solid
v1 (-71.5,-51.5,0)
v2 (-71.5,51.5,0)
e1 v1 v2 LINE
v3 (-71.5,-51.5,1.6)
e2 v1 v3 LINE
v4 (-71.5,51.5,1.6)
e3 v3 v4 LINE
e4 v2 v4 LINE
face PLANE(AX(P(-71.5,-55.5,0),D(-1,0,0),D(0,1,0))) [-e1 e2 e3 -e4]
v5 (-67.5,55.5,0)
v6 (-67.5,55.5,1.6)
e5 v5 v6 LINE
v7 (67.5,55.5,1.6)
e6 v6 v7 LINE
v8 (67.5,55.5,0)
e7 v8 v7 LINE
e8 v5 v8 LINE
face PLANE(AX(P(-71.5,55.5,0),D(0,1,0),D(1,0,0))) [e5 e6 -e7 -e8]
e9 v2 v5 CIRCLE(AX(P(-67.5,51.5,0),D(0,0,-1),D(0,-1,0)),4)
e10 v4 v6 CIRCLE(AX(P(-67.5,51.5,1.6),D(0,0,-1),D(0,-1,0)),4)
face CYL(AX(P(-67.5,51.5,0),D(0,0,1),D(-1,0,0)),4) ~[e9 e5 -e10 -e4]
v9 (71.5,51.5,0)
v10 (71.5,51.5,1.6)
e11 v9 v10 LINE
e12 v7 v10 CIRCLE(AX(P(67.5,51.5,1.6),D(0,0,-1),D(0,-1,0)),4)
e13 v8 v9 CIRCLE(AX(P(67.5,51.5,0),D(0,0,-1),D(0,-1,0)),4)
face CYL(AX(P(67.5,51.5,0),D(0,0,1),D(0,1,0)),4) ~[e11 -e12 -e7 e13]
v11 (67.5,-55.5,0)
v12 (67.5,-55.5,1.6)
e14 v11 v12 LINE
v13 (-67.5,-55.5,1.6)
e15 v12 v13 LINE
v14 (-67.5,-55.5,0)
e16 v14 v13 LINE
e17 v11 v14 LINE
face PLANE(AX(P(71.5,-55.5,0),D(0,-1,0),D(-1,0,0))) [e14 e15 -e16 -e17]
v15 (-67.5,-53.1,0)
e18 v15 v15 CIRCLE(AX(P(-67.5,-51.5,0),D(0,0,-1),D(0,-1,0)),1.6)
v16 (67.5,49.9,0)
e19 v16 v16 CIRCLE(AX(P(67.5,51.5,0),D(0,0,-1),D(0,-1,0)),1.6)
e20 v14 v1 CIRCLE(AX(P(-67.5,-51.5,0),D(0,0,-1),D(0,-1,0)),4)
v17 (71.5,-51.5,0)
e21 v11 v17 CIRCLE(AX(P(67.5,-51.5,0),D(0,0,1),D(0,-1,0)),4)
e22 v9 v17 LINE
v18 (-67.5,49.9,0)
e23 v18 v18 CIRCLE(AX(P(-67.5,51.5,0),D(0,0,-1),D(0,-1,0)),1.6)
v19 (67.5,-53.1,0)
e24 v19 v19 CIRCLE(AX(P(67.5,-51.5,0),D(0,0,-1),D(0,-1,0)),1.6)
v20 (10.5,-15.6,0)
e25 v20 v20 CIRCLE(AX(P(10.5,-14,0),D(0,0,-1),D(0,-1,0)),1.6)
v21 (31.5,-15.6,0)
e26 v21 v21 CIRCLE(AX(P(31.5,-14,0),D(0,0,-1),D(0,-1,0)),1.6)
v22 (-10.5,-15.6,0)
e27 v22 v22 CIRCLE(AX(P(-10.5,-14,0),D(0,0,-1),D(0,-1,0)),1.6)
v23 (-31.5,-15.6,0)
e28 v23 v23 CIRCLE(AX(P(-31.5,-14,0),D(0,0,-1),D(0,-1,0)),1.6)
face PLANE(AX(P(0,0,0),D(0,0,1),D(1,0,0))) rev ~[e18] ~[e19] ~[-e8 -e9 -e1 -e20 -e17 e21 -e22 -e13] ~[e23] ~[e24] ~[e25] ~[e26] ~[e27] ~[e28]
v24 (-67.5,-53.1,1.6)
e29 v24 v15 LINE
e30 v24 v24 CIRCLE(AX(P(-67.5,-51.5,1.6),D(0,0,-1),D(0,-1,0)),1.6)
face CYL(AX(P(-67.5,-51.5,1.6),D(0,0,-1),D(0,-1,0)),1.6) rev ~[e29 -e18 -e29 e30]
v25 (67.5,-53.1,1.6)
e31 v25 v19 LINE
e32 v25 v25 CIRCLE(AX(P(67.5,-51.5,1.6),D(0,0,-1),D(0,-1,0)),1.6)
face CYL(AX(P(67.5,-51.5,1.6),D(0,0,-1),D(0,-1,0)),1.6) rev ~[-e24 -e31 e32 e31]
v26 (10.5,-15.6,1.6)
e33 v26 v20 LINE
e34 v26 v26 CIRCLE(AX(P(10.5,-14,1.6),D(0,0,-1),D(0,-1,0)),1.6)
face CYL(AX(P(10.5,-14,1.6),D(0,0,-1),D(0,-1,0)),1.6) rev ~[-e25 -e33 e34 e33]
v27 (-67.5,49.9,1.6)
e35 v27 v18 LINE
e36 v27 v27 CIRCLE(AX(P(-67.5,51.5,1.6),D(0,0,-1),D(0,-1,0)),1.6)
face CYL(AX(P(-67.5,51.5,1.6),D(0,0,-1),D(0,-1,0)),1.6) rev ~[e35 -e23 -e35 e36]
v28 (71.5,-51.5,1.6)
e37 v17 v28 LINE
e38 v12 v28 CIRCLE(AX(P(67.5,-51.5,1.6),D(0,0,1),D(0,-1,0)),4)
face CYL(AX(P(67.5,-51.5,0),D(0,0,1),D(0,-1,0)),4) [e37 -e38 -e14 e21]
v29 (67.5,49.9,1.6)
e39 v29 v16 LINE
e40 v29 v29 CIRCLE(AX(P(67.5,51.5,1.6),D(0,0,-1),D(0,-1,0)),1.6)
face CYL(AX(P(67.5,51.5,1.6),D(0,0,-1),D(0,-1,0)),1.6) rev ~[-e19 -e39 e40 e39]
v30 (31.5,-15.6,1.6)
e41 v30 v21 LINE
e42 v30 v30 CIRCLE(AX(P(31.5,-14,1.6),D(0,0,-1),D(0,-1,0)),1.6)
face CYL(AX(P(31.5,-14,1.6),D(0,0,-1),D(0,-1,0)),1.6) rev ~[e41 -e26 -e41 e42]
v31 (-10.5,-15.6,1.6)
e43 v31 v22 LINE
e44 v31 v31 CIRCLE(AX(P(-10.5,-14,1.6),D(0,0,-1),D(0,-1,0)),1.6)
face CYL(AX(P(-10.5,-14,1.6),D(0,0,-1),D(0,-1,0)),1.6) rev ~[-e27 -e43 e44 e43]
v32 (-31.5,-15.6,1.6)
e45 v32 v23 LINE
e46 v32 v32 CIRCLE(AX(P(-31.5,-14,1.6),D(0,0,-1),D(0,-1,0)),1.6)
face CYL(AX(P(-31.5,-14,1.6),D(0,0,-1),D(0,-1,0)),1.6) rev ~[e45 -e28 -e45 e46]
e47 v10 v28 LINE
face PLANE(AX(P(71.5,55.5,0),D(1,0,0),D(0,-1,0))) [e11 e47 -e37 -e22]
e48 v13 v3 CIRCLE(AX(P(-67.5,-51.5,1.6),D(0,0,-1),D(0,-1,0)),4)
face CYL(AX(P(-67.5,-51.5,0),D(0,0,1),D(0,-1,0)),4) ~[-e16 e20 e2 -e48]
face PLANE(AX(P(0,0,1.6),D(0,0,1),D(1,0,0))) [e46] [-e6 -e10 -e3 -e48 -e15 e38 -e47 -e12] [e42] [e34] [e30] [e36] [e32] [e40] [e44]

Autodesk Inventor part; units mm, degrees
ref_plane "YZ Plane" through (0, 0, 0) normal (1, 0, 0) x (0, 1, 0)
ref_plane "XZ Plane" through (0, 0, 0) normal (0, 1, 0) x (-1, 0, 0)
ref_plane "XY Plane" through (0, 0, 0) normal (0, 0, 1) x (1, 0, 0)
sketch "Sketch1" plane through (0, 0, 0) normal (0, 0, 1) x (1, 0, 0)
  line L0 (71.5, -55.5) -> (-71.5, -55.5)
  line L1 (-71.5, -55.5) -> (-71.5, 55.5)
  line L2 (-71.5, 55.5) -> (71.5, 55.5)
  line L3 (71.5, 55.5) -> (71.5, -55.5)
  line L4 (71.5, -55.5) -> (-71.5, 55.5) construction
  line L5 (-71.5, -55.5) -> (71.5, 55.5) construction
  point P0 (0, 0)
  dimension "d0" = 143
  dimension "d1" = 111
extrude "Extrusion1" add sketch "Sketch1" along normal blind 1.6
fillet "Fillet1" radius 4 4 edges at (71.5, 55.5, 0.8) (-71.5, 55.5, 0.8) (-71.5, -55.5, 0.8) (71.5, -55.5, 0.8)
sketch "Sketch2" plane through (0, 0, 1.6) normal (0, 0, 1) x (1, 0, 0)
  arc A0 (67.5, -55.5) -> (71.5, -51.5) centre (67.5, -51.5) ccw projected
  line L0 (71.5, -51.5) -> (71.5, 51.5) projected
  arc A1 (71.5, 51.5) -> (67.5, 55.5) centre (67.5, 51.5) ccw projected
  line L1 (67.5, 55.5) -> (-67.5, 55.5) projected
  arc A2 (-67.5, 55.5) -> (-71.5, 51.5) centre (-67.5, 51.5) ccw projected
  line L2 (-71.5, 51.5) -> (-71.5, -51.5) projected
  arc A3 (-71.5, -51.5) -> (-67.5, -55.5) centre (-67.5, -51.5) ccw projected
  line L3 (-67.5, -55.5) -> (67.5, -55.5) projected
  line L4 (-31.5, -14) -> (31.5, -14) construction
  line L5 (-10.5, -14) -> (10.5, -14) construction
  point P0 (0, 0)
  point P1 (0, -14)
  dimension "d9" = 21
  dimension "d17" = 21
  dimension "d18" = 41.5
hole "Hole1" at (-31.5, -14, 1.6) at (31.5, -14, 1.6) at (-10.5, -14, 1.6) at (10.5, -14, 1.6) at (-67.5, 51.5, 1.6) at (67.5, 51.5, 1.6) at (67.5, -51.5, 1.6) at (-67.5, -51.5, 1.6) direction (0, 0, -1) diameter 3.2 end through all
sketch "Sketch3" plane through (0, 0, 1.6) normal (0, 0, 1) x (1, 0, 0)
  line L0 (-67.5, -55.5) -> (67.5, -55.5) projected
  line L1 (-63, -20.5) -> (63, -20.5) construction
  point P0 (0, 0)
  point P1 (-42, -20.5)
  point P2 (-21, -20.5)
  point P3 (0, -20.5)
  point P4 (21, -20.5)
  point P5 (42, -20.5)
  dimension "d21" = 21
  dimension "d26" = 35
sketch "Sketch4" plane through (0, 0, 1.6) normal (0, 0, 1) x (1, 0, 0)
  circle A0 centre (63, -20.5) radius 8 projected
  circle A1 centre (42, -20.5) radius 8 projected
  circle A2 centre (21, -20.5) radius 8 projected
  circle A3 centre (0, -20.5) radius 8 projected
  circle A4 centre (-21, -20.5) radius 8 projected
  circle A5 centre (-42, -20.5) radius 8 projected
  circle A6 centre (-63, -20.5) radius 8 projected
  circle A7 centre (-67.5, -51.5) radius 1.6 projected
  circle A8 centre (67.5, -51.5) radius 1.6 projected
  circle A9 centre (67.5, 51.5) radius 1.6 projected
  circle A10 centre (-67.5, 51.5) radius 1.6 projected
  circle A11 centre (10.5, -14) radius 1.6 projected
  circle A12 centre (-10.5, -14) radius 1.6 projected
  circle A13 centre (31.5, -14) radius 1.6 projected
  circle A14 centre (-31.5, -14) radius 1.6 projected
  arc A15 (67.5, -55.5) -> (71.5, -51.5) centre (67.5, -51.5) ccw projected
  line L0 (71.5, -51.5) -> (71.5, 51.5) projected
  arc A16 (71.5, 51.5) -> (67.5, 55.5) centre (67.5, 51.5) ccw projected
  line L1 (67.5, 55.5) -> (-67.5, 55.5) projected
  arc A17 (-67.5, 55.5) -> (-71.5, 51.5) centre (-67.5, 51.5) ccw projected
  line L2 (-71.5, 51.5) -> (-71.5, -51.5) projected
  arc A18 (-71.5, -51.5) -> (-67.5, -55.5) centre (-67.5, -51.5) ccw projected
  line L3 (-67.5, -55.5) -> (67.5, -55.5) projected
  line L4 (-63, -7.5096) -> (-51.75, -14.0048)
  line L5 (-51.75, -14.0048) -> (-51.75, -26.9952)
  line L6 (-51.75, -26.9952) -> (-63, -33.4904)
  line L7 (-63, -33.4904) -> (-74.25, -26.9952)
  line L8 (-74.25, -26.9952) -> (-74.25, -14.0048)
  line L9 (-74.25, -14.0048) -> (-63, -7.5096)
  line L10 (63, -7.5096) -> (74.25, -14.0048)
  line L11 (74.25, -14.0048) -> (74.25, -26.9952)
  line L12 (74.25, -26.9952) -> (63, -33.4904)
  line L13 (63, -33.4904) -> (51.75, -26.9952)
  line L14 (51.75, -26.9952) -> (51.75, -14.0048)
  line L15 (51.75, -14.0048) -> (63, -7.5096)
  point P0 (0, 0)
  point P1 (71.5, -12.4171)
  point P2 (71.5, -28.5829)
  point P3 (-71.5, -28.5829)
  point P4 (-71.5, -12.4171)
  dimension "d34" = 22.5
  dimension "d35" = 22.5
sketch "Sketch5" plane through (0, 0, 1.6) normal (0, 0, 1) x (1, 0, 0)
  line L0 (-42, -6) -> (42, -6) construction
  line L1 (-67.5, -55.5) -> (67.5, -55.5) projected
  circle A0 centre (-42, -20.5) radius 8 projected
  circle A1 centre (-21, -20.5) radius 8 projected
  circle A2 centre (0, -20.5) radius 8 projected
  circle A3 centre (21, -20.5) radius 8 projected
  circle A4 centre (42, -20.5) radius 8 projected
  point P0 (0, 0)
  point P1 (0, -6)
  point P2 (0, -55.5)
  point P3 (-21, -6)
  point P4 (0, -6)
  point P5 (21, -6)
  dimension "d39" = 49.5
sketch "Sketch6" plane through (0, 0, 1.6) normal (0, 0, 1) x (1, 0, 0)
  line L0 (-67.5, -55.5) -> (67.5, -55.5) construction
  line L1 (-71.5, 51.5) -> (-71.5, -11.2624) construction
  point P0 (0, 0)
  point P1 (-68.5, 13.5)
  point P2 (-63.5, 13.5)
  point P3 (-58.5, 13.5)
  point P4 (-53.5, 13.5)
  dimension "d49" = 5
  dimension "d54" = 69
  dimension "d55" = 3
sketch "Sketch7" plane through (0, 0, 1.6) normal (0, 0, 1) x (1, 0, 0)
  circle A0 centre (-68.5, 13.5) radius 1.7 projected
  line L0 (-68.5, 18.1188) -> (-64.5, 15.8094)
  line L1 (-64.5, 15.8094) -> (-64.5, 11.1906)
  line L2 (-64.5, 11.1906) -> (-68.5, 8.8812)
  line L3 (-68.5, 8.8812) -> (-72.5, 11.1906)
  line L4 (-72.5, 11.1906) -> (-72.5, 15.8094)
  line L5 (-72.5, 15.8094) -> (-68.5, 18.1188)
  line L6 (-71.5, 51.5) -> (-71.5, -11.2624) projected
  point P0 (0, 0)
  point P1 (-71.5, 10.6132)
  point P2 (-71.5, 16.3868)
  dimension "d63" = 1
sketch "Sketch8" plane through (0, 0, 1.6) normal (0, 0, 1) x (1, 0, 0)
  line L0 (68.5, 21.1) -> (34.5, 21.1)
  line L1 (34.5, 21.1) -> (34.5, 40.1)
  line L2 (34.5, 40.1) -> (68.5, 40.1)
  line L3 (68.5, 40.1) -> (68.5, 21.1)
  line L4 (68.5, 21.1) -> (34.5, 40.1) construction
  line L5 (34.5, 21.1) -> (68.5, 40.1) construction
  line L6 (71.5, -11.2624) -> (71.5, 51.5) projected
  line L7 (-67.5, -55.5) -> (67.5, -55.5) projected
  point P0 (0, 0)
  point P1 (51.5, 30.6)
  dimension "d67" = 20
  dimension "d68" = 86.1
  dimension "d69" = 34
  dimension "d70" = 19
sketch "Sketch9" plane through (0, 0, 1.6) normal (0, 0, 1) x (1, 0, 0)
  line L0 (67.25, 14.25) -> (35.75, 14.25)
  line L1 (35.75, 14.25) -> (35.75, 43.95)
  line L2 (35.75, 43.95) -> (67.25, 43.95)
  line L3 (67.25, 43.95) -> (67.25, 14.25)
  line L4 (67.25, 14.25) -> (35.75, 43.95) construction
  line L5 (35.75, 14.25) -> (67.25, 43.95) construction
  line L6 (-67.5, -55.5) -> (67.5, -55.5) projected
  point P0 (0, 0)
  point P1 (51.5, 29.1)
  point P2 (51.5, 30.6)
  dimension "d74" = 31.5
  dimension "d75" = 29.7
  dimension "d76" = 69.75
sketch "Sketch10" plane through (0, 0, 1.6) normal (0, 0, 1) x (1, 0, 0)
  circle A0 centre (35.75, 14.25) radius 3 projected
  circle A1 centre (67.25, 14.25) radius 3 projected
  circle A2 centre (67.25, 43.95) radius 3 projected
  circle A3 centre (35.75, 43.95) radius 3 projected
  line L0 (34.5, 22.1) -> (34.5, 39.1) projected
  arc A4 (35.5, 40.1) -> (34.5, 39.1) centre (35.5, 39.1) ccw projected
  line L1 (35.5, 40.1) -> (67.5, 40.1) projected
  arc A5 (68.5, 39.1) -> (67.5, 40.1) centre (67.5, 39.1) ccw projected
  line L2 (68.5, 39.1) -> (68.5, 22.1) projected
  arc A6 (67.5, 21.1) -> (68.5, 22.1) centre (67.5, 22.1) ccw projected
  line L3 (67.5, 21.1) -> (35.5, 21.1) projected
  arc A7 (34.5, 22.1) -> (35.5, 21.1) centre (35.5, 22.1) ccw projected
  circle A8 centre (-53.5, 13.5) radius 1.7 projected
  circle A9 centre (-58.5, 13.5) radius 1.7 projected
  circle A10 centre (-63.5, 13.5) radius 1.7 projected
  circle A11 centre (-68.5, 13.5) radius 1.7 projected
  circle A12 centre (42, -6) radius 2.75 projected
  circle A13 centre (21, -6) radius 2.75 projected
  circle A14 centre (0, -6) radius 2.75 projected
  circle A15 centre (-21, -6) radius 2.75 projected
  circle A16 centre (-42, -6) radius 2.75 projected
  circle A17 centre (63, -20.5) radius 8 projected
  circle A18 centre (42, -20.5) radius 8 projected
  circle A19 centre (21, -20.5) radius 8 projected
  circle A20 centre (0, -20.5) radius 8 projected
  circle A21 centre (-21, -20.5) radius 8 projected
  circle A22 centre (-42, -20.5) radius 8 projected
  circle A23 centre (-63, -20.5) radius 8 projected
  circle A24 centre (-67.5, -51.5) radius 1.6 projected
  circle A25 centre (67.5, -51.5) radius 1.6 projected
  circle A26 centre (67.5, 51.5) radius 1.6 projected
  circle A27 centre (-67.5, 51.5) radius 1.6 projected
  circle A28 centre (10.5, -14) radius 1.6 projected
  circle A29 centre (-10.5, -14) radius 1.6 projected
  circle A30 centre (31.5, -14) radius 1.6 projected
  circle A31 centre (-31.5, -14) radius 1.6 projected
  arc A32 (-72.5, 11.6236) -> (-72.125, 10.9741) centre (-71.75, 11.6236) ccw projected
  line L4 (-72.125, 10.9741) -> (-71.875, 10.8298) projected
  arc A33 (-71.5, 10.1802) -> (-71.875, 10.8298) centre (-72.25, 10.1802) ccw projected
  line L5 (-71.5, 10.1802) -> (-71.5, -11.2624) projected
  arc A34 (-72.5, -12.9944) -> (-71.5, -11.2624) centre (-73.5, -11.2624) ccw projected
  line L6 (-72.5, -12.9944) -> (-73.25, -13.4275) projected
  arc A35 (-73.25, -13.4275) -> (-74.25, -15.1595) centre (-72.25, -15.1595) ccw projected
  line L7 (-74.25, -15.1595) -> (-74.25, -25.8405) projected
  arc A36 (-74.25, -25.8405) -> (-73.25, -27.5725) centre (-72.25, -25.8405) ccw projected
  line L8 (-73.25, -27.5725) -> (-72.5, -28.0056) projected
  arc A37 (-71.5, -29.7376) -> (-72.5, -28.0056) centre (-73.5, -29.7376) ccw projected
  line L9 (-71.5, -29.7376) -> (-71.5, -51.5) projected
  arc A38 (-71.5, -51.5) -> (-67.5, -55.5) centre (-67.5, -51.5) ccw projected
  line L10 (-67.5, -55.5) -> (67.5, -55.5) projected
  arc A39 (67.5, -55.5) -> (71.5, -51.5) centre (67.5, -51.5) ccw projected
  line L11 (71.5, -51.5) -> (71.5, -29.7376) projected
  arc A40 (72.5, -28.0056) -> (71.5, -29.7376) centre (73.5, -29.7376) ccw projected
  line L12 (72.5, -28.0056) -> (73.25, -27.5725) projected
  arc A41 (73.25, -27.5725) -> (74.25, -25.8405) centre (72.25, -25.8405) ccw projected
  line L13 (74.25, -25.8405) -> (74.25, -15.1595) projected
  arc A42 (74.25, -15.1595) -> (73.25, -13.4275) centre (72.25, -15.1595) ccw projected
  line L14 (73.25, -13.4275) -> (72.5, -12.9944) projected
  arc A43 (71.5, -11.2624) -> (72.5, -12.9944) centre (73.5, -11.2624) ccw projected
  line L15 (71.5, -11.2624) -> (71.5, 51.5) projected
  arc A44 (71.5, 51.5) -> (67.5, 55.5) centre (67.5, 51.5) ccw projected
  line L16 (67.5, 55.5) -> (-67.5, 55.5) projected
  arc A45 (-67.5, 55.5) -> (-71.5, 51.5) centre (-67.5, 51.5) ccw projected
  line L17 (-71.5, 51.5) -> (-71.5, 16.8198) projected
  arc A46 (-71.875, 16.1702) -> (-71.5, 16.8198) centre (-72.25, 16.8198) ccw projected
  line L18 (-71.875, 16.1702) -> (-72.125, 16.0259) projected
  arc A47 (-72.125, 16.0259) -> (-72.5, 15.3764) centre (-71.75, 15.3764) ccw projected
  line L19 (-72.5, 15.3764) -> (-72.5, 11.6236) projected
  line L20 (67.25, 21.4669) -> (73.5, 17.8584)
  line L21 (73.5, 17.8584) -> (73.5, 10.6416)
  line L22 (73.5, 10.6416) -> (67.25, 7.0331)
  line L23 (67.25, 7.0331) -> (61, 10.6416)
  line L24 (61, 10.6416) -> (61, 17.8584)
  line L25 (61, 17.8584) -> (67.25, 21.4669)
  line L26 (67.25, 51.1669) -> (73.5, 47.5584)
  line L27 (73.5, 47.5584) -> (73.5, 40.3416)
  line L28 (73.5, 40.3416) -> (67.25, 36.7331)
  line L29 (67.25, 36.7331) -> (61, 40.3416)
  line L30 (61, 40.3416) -> (61, 47.5584)
  line L31 (61, 47.5584) -> (67.25, 51.1669)
  line L32 (73.5, 40.3416) -> (73.5, 17.8584)
  point P0 (0, 0)
  point P1 (71.5, 48.7131)
  point P2 (71.5, 9.4869)
  dimension "d84" = 2
equation "\"d9\" = d8"
equation "\"d35\" = d34"
equation "\"d8\" = 21"
properties part number "bot_cover_template"
